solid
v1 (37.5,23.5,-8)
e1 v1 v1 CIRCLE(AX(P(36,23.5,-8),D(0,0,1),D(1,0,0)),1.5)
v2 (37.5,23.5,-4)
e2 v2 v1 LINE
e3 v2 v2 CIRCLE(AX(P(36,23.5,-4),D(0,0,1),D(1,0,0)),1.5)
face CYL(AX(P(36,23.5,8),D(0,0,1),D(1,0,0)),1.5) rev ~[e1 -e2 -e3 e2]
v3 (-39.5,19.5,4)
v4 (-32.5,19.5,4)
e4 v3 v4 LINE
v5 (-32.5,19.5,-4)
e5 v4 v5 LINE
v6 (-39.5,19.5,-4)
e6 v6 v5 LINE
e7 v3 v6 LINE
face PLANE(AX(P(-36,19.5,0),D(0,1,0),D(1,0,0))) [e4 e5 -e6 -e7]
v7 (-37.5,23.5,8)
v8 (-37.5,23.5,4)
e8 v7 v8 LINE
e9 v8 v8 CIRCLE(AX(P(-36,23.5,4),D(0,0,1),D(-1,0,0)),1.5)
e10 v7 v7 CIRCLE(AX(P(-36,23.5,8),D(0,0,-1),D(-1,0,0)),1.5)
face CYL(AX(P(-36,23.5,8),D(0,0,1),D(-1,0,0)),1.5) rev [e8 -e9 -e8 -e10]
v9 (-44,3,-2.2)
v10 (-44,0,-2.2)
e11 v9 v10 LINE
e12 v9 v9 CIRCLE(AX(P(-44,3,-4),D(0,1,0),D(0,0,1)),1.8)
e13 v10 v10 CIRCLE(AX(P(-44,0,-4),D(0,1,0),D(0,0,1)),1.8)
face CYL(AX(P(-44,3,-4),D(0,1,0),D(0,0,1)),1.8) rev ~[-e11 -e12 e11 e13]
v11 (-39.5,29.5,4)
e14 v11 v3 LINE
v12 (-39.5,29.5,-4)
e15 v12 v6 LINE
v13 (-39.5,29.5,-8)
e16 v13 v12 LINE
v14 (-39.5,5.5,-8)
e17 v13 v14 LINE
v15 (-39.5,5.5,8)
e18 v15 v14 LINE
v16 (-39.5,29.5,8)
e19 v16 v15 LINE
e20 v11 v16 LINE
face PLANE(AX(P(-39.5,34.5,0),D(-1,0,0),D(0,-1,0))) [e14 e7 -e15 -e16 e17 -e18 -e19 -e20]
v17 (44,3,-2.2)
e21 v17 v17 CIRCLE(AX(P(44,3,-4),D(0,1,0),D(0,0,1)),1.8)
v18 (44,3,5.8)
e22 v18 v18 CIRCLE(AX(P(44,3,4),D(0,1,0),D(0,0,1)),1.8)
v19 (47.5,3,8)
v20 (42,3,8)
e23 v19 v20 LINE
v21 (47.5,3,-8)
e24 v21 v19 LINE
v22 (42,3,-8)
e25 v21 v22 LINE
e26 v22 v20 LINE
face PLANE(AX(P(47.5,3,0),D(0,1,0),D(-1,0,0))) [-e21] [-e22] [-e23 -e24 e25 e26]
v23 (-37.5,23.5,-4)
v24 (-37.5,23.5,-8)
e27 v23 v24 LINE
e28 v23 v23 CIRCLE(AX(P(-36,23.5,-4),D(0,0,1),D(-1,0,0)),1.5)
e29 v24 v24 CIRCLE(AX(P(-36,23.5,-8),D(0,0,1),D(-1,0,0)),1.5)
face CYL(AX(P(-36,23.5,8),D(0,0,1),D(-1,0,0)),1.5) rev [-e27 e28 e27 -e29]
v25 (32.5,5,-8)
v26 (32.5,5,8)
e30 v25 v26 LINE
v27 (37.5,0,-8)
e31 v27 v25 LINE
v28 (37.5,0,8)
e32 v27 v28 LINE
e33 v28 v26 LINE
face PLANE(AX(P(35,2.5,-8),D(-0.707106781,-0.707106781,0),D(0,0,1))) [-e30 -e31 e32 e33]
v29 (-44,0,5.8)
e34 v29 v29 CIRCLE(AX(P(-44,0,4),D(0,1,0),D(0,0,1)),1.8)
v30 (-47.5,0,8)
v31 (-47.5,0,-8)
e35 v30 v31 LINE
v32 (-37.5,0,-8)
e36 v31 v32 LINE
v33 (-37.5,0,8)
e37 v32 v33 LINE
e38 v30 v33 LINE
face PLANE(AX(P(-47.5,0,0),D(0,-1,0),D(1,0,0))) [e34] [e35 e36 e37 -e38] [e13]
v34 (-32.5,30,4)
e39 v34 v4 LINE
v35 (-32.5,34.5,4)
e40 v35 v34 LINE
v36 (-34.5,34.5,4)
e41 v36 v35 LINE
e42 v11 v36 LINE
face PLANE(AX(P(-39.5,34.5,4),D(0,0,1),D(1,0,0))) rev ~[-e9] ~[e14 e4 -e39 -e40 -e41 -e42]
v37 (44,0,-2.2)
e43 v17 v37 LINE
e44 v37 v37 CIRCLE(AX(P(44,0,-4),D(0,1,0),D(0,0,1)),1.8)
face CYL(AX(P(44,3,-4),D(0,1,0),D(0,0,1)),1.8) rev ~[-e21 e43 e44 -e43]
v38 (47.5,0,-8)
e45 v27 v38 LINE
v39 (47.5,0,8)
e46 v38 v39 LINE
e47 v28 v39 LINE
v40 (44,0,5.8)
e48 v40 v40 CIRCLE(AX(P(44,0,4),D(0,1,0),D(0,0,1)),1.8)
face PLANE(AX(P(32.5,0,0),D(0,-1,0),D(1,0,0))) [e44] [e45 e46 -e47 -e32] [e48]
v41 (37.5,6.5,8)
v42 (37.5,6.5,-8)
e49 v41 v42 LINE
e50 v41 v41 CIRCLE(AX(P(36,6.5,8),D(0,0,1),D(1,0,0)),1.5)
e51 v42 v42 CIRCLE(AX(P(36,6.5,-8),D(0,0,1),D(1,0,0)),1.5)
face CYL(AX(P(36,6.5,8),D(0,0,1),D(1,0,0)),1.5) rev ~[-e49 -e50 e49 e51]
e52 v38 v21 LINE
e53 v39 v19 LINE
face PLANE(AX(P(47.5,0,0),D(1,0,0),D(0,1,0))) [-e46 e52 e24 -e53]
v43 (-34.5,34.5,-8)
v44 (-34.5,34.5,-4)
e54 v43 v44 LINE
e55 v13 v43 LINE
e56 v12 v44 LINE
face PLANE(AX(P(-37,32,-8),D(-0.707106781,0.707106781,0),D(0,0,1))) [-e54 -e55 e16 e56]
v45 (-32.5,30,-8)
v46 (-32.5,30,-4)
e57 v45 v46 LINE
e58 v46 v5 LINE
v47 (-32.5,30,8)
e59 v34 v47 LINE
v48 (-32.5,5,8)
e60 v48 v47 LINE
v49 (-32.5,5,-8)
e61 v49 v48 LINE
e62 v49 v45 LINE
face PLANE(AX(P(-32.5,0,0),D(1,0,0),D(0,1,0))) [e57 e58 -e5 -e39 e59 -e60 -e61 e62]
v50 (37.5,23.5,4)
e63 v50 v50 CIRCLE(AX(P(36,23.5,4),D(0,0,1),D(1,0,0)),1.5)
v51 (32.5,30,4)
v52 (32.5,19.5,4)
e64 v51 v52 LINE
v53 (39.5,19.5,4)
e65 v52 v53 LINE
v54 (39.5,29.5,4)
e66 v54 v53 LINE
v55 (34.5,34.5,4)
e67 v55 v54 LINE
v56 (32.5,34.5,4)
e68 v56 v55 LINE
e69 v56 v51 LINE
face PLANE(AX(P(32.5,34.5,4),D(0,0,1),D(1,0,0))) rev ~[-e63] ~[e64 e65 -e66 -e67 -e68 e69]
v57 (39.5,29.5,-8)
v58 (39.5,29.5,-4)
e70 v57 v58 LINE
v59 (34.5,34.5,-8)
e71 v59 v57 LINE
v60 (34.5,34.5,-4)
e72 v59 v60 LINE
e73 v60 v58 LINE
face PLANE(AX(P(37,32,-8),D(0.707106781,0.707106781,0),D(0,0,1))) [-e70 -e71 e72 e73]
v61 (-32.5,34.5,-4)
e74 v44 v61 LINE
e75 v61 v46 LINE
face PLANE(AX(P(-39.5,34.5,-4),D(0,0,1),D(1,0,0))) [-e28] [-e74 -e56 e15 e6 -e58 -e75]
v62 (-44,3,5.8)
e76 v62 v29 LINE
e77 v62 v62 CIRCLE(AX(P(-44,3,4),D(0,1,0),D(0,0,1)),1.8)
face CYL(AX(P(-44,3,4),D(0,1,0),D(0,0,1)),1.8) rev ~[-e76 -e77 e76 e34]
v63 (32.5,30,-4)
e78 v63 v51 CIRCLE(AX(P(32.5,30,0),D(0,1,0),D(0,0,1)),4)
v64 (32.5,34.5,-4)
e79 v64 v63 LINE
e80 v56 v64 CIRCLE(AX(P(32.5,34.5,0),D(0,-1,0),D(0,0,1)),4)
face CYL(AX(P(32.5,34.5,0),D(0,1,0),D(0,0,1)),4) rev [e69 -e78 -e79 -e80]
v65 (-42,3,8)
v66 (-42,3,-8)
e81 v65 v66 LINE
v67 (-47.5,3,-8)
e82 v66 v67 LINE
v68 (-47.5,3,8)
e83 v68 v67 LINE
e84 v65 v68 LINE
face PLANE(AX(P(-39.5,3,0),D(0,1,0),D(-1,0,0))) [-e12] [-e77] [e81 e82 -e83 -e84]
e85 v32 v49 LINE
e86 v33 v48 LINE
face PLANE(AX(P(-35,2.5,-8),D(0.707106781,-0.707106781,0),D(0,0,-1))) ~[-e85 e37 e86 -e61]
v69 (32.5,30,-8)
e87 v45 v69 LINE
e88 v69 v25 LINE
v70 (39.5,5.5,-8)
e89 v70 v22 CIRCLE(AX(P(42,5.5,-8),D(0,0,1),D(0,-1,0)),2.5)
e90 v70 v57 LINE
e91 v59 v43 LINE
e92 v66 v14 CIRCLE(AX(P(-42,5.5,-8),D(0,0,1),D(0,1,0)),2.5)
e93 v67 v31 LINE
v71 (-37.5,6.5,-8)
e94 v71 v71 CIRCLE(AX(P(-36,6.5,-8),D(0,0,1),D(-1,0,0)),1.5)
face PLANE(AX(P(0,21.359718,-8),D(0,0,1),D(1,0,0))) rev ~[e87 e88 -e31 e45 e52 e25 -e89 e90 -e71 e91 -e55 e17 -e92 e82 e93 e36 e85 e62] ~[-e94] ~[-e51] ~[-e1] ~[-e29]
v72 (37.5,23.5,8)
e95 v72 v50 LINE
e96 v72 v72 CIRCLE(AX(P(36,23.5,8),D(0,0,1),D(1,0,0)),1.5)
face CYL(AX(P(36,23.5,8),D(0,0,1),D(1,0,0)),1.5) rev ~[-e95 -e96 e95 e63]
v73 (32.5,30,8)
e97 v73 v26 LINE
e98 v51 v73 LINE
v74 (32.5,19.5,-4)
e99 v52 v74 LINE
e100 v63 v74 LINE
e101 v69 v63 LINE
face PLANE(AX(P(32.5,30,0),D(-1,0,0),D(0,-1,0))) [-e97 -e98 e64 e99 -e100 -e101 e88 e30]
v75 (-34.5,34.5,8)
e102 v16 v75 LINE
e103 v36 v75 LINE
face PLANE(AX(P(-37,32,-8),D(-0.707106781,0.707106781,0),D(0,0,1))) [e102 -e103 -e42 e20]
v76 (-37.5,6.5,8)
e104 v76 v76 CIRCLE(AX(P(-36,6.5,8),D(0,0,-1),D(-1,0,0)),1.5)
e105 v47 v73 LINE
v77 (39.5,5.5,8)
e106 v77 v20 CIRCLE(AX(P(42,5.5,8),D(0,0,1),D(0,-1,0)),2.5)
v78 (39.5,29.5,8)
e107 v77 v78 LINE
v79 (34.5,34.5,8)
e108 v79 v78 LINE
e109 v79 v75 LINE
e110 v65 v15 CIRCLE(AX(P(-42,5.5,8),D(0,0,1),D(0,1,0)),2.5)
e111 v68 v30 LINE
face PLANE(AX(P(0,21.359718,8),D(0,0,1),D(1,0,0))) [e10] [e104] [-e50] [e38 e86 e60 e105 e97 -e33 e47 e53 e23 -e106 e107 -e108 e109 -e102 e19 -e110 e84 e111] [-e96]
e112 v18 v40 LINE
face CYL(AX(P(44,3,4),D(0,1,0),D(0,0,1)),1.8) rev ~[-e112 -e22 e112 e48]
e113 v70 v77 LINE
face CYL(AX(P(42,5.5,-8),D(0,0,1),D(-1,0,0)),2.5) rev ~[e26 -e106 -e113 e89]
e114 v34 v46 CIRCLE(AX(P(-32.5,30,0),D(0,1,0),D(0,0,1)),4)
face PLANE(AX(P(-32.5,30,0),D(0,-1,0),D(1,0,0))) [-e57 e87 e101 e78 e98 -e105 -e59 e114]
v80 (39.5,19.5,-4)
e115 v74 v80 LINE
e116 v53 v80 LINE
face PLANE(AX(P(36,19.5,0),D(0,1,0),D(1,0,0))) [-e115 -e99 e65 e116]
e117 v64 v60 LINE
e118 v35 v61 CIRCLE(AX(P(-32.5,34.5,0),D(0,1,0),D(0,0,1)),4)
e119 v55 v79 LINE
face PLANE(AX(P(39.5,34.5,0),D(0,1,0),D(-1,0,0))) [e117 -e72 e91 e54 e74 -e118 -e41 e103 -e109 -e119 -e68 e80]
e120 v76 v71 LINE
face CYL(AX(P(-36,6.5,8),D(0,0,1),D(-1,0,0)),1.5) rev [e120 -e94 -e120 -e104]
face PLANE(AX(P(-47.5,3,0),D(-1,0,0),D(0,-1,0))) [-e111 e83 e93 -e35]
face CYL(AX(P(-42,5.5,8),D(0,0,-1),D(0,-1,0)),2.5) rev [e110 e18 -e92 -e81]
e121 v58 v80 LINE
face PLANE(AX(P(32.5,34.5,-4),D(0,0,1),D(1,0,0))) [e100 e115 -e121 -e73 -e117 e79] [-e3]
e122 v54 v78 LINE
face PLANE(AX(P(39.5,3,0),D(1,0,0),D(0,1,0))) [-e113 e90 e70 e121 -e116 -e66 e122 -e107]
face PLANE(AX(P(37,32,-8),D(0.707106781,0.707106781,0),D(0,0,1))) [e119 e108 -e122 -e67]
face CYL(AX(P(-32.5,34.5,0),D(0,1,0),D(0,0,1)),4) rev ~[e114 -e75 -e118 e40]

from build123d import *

# Parameters (mm, degrees)
BOSS_EXTRUDE1_DEPTH = 8
CHAMFER5_SIZE       = 5
FILLET1_R           = 2.5
SKETCH2_R           = 1.5
CUT_EXTRUDE1_DEPTH  = 61.848171706
SKETCH3_R           = 1.8
CUT_EXTRUDE2_DEPTH  = 58.554322166
SKETCH5_W           = 7
SKETCH5_H           = 8
CUT_EXTRUDE3_DEPTH  = 15
CUT_EXTRUDE5_DEPTH  = 15


with BuildPart() as part:
    # Sketch1 → Boss-Extrude1 (new, symmetric)
    with BuildSketch(Plane.XY):
        Polygon((-47.5, 0), (-32.5, 0), (-32.5, 30), (32.5, 30), (32.5, 0), (47.5, 0), (47.5, 3), (39.5, 3), (39.5, 34.5), (-39.5, 34.5), (-39.5, 3), (-47.5, 3), align=None)
    extrude(amount=BOSS_EXTRUDE1_DEPTH, both=True)

    # Chamfer5
    chamfer5_edges = [part.edges().sort_by_distance(p)[0] for p in [
        (-39.5, 34.5, 0),
        (39.5, 34.5, 0),
        (32.5, 0, 0),
        (-32.5, 0, 0),
    ]]
    chamfer(chamfer5_edges, length=CHAMFER5_SIZE)

    # Fillet1
    fillet1_edges = [part.edges().sort_by_distance(p)[0] for p in [
        (-39.5, 3, 0),
        (39.5, 3, 0),
    ]]
    fillet(fillet1_edges, radius=FILLET1_R)

    # Sketch2 → Cut-Extrude1 (cut, through all)
    with BuildSketch(Plane.XY.offset(8)):
        with Locations((36, 23.5)):
            Circle(SKETCH2_R)
        with Locations((36, 6.5)):
            Circle(SKETCH2_R)
    cut_extrude1 = extrude(amount=-CUT_EXTRUDE1_DEPTH, mode=Mode.SUBTRACT)

    # Mirror1: Cut-Extrude1 across plane
    add(cut_extrude1.mirror(Plane(origin=(0, 0, 0), x_dir=(0, 0, 1), z_dir=(1, 0, 0))), mode=Mode.SUBTRACT)

    # Sketch3 → Cut-Extrude2 (cut, through all)
    with BuildSketch(Plane(origin=(0, 3, 0), x_dir=(1, 0, 0), z_dir=(0, 1, 0))):
        with Locations(Location((44, 4, 0), (0, 0, 270))):
            Circle(SKETCH3_R)
        with Locations(Location((44, -4, 0), (0, 0, 270))):
            Circle(SKETCH3_R)
        with Locations(Location((-44, 4, 0), (0, 0, 270))):
            Circle(SKETCH3_R)
        with Locations(Location((-44, -4, 0), (0, 0, 270))):
            Circle(SKETCH3_R)
    extrude(amount=-CUT_EXTRUDE2_DEPTH, mode=Mode.SUBTRACT)

    # Sketch5 → Cut-Extrude3 (cut)
    with BuildSketch(Plane(origin=(0, 34.5, 0), x_dir=(1, 0, 0), z_dir=(0, 1, 0))):
        with Locations((36, 0)):
            Rectangle(SKETCH5_W, SKETCH5_H)
        with Locations((-36, 0)):
            Rectangle(SKETCH5_W, SKETCH5_H)
    extrude(amount=-CUT_EXTRUDE3_DEPTH, mode=Mode.SUBTRACT)

    # Sketch7 → Cut-Extrude5 (cut)
    with BuildSketch(Plane(origin=(0, 34.5, 0), x_dir=(1, 0, 0), z_dir=(0, 1, 0))):
        with BuildLine():
            Line((32.5, 4), (32.5, -4))
            ThreePointArc((32.5, -4), (28.5, 0), (32.5, 4))
        make_face()
        with BuildLine():
            Line((-32.5, 4), (-32.5, -4))
            ThreePointArc((-32.5, -4), (-28.5, 0), (-32.5, 4))
        make_face()
    extrude(amount=-CUT_EXTRUDE5_DEPTH, mode=Mode.SUBTRACT)


solid = part.part
